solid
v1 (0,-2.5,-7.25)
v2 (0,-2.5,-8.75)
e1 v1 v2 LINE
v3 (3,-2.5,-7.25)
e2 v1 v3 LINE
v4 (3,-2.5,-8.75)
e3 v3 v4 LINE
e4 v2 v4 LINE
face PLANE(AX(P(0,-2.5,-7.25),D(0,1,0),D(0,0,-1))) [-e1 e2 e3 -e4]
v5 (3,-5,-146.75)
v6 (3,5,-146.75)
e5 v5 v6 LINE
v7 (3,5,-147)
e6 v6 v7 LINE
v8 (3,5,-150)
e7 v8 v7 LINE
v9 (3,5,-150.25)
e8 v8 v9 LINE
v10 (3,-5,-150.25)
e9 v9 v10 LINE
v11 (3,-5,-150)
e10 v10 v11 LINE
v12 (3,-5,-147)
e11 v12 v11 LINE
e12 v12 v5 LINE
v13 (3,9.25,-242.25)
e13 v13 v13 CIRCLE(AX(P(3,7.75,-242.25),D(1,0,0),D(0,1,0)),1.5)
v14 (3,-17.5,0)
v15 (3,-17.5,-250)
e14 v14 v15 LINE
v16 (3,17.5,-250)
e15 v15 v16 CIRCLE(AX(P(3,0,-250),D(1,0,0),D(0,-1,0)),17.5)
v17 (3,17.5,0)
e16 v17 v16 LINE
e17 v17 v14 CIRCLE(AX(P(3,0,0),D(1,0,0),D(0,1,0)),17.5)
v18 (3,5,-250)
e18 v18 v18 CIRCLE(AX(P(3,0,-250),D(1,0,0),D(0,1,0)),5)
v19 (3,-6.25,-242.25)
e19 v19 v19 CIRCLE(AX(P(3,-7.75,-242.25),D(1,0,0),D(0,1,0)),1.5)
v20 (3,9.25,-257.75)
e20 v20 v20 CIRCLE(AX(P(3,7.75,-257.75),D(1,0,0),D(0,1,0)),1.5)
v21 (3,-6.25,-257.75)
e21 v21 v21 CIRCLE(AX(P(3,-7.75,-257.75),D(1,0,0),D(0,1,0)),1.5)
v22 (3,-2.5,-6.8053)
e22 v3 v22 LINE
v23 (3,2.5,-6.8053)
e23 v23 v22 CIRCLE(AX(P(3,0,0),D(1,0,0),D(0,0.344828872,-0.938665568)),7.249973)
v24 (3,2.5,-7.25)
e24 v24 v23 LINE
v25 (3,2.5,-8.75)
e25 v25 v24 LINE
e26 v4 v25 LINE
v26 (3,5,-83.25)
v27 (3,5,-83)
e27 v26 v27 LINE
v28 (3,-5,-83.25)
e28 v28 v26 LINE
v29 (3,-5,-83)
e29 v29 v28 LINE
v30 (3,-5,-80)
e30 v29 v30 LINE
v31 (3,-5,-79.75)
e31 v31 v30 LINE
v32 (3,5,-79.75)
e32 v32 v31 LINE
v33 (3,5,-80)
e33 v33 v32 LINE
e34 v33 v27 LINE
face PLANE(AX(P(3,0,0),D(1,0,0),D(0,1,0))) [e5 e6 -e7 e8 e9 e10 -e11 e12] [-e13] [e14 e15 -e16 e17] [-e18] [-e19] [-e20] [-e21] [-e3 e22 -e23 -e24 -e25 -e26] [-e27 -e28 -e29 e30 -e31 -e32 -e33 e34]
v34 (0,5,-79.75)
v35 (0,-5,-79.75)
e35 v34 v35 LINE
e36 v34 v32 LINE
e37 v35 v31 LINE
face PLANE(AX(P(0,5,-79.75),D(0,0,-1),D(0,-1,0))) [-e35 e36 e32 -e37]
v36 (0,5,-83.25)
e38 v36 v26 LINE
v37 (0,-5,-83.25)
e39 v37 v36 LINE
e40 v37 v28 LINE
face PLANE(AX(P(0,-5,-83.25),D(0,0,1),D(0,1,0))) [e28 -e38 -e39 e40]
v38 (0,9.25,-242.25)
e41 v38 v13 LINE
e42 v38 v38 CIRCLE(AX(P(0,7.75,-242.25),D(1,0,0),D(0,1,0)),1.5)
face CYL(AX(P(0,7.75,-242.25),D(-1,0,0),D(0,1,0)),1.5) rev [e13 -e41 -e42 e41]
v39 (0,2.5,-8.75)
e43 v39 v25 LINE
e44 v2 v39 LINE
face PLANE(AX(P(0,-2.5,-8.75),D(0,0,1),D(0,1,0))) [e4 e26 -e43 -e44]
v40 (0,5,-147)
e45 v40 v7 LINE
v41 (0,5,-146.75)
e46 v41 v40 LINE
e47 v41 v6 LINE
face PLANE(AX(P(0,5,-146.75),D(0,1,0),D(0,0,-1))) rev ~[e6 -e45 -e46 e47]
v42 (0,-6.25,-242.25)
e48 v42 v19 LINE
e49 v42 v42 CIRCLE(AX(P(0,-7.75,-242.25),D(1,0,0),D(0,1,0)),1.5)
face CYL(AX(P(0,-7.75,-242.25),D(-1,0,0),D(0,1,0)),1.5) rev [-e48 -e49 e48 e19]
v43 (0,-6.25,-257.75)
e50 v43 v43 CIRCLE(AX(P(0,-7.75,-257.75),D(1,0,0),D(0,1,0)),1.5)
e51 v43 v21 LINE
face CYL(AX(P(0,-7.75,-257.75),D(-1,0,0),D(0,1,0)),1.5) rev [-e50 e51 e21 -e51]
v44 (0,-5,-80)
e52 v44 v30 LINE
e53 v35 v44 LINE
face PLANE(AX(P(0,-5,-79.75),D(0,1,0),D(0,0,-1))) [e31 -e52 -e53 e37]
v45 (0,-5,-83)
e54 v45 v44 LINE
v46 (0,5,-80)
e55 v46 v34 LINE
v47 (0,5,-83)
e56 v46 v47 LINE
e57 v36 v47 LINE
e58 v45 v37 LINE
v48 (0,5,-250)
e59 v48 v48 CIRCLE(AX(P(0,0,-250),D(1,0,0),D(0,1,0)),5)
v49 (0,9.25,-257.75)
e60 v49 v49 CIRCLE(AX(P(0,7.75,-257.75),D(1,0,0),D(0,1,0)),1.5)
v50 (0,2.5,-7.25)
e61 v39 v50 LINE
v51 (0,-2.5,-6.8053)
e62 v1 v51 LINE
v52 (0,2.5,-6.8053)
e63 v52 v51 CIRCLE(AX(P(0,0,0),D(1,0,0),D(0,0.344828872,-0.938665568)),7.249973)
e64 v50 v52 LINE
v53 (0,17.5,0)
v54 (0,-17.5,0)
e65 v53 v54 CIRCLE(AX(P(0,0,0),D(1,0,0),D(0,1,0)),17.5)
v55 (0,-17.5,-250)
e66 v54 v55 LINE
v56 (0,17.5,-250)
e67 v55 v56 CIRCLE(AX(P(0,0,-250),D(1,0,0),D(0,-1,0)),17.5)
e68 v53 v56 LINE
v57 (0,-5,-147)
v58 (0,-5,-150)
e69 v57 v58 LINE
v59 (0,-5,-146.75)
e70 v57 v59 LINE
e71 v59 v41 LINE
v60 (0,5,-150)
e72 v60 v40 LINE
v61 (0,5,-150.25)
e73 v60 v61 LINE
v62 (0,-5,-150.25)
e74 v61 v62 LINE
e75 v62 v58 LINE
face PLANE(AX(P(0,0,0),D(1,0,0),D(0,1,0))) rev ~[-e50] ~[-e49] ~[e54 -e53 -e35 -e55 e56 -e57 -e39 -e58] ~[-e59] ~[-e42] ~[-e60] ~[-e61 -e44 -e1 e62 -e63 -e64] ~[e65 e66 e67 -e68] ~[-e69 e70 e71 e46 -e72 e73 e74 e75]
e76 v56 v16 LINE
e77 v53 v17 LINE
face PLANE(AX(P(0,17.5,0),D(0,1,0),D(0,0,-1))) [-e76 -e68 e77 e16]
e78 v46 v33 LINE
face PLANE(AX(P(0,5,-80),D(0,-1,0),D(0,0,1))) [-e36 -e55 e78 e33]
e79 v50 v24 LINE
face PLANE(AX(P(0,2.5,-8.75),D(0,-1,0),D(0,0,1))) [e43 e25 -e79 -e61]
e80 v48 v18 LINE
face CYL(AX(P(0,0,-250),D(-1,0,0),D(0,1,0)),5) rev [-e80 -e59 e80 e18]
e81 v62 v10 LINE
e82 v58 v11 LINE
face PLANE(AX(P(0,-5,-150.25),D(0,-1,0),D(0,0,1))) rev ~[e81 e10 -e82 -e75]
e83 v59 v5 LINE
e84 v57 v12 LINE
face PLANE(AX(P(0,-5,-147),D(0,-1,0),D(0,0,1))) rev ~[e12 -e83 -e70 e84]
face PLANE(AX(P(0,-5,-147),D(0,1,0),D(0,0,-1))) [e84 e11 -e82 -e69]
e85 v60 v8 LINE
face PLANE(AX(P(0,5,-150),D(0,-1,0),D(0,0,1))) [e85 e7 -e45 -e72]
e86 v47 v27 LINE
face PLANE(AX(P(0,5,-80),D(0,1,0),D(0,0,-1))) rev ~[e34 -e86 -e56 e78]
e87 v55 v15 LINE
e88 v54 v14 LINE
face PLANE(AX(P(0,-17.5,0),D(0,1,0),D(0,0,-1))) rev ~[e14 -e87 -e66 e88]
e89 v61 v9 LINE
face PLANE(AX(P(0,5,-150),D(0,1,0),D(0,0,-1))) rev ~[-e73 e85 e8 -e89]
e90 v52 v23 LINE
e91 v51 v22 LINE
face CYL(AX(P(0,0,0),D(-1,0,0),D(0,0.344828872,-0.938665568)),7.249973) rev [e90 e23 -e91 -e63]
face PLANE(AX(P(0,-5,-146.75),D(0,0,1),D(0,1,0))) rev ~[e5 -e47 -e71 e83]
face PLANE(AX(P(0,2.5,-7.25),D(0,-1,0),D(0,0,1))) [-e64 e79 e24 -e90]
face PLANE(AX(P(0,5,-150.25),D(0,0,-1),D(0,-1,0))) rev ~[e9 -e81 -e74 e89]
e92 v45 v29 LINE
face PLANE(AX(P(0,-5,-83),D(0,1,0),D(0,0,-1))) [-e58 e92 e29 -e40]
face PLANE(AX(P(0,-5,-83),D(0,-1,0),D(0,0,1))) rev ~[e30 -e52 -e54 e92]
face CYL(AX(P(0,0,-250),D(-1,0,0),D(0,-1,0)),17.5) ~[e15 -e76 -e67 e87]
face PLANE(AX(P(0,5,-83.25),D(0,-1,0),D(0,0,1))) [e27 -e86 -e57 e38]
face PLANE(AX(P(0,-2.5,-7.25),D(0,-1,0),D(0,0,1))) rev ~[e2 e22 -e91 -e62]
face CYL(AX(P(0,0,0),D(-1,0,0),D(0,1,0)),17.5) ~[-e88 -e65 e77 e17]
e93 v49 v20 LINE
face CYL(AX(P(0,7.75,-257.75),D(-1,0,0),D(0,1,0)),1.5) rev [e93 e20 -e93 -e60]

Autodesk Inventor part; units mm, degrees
ref_plane "YZ Plane" through (0, 0, 0) normal (1, 0, 0) x (0, 1, 0)
ref_plane "XZ Plane" through (0, 0, 0) normal (0, 1, 0) x (-1, 0, 0)
ref_plane "XY Plane" through (0, 0, 0) normal (0, 0, 1) x (1, 0, 0)
sketch "Sketch1" plane through (0, 0, 0) normal (1, 0, 0) x (0, 1, 0)
  line L0 (0, 0) -> (0, -250) construction
  circle A0 centre (0, -250) radius 5
  arc A1 (0, -17.5) -> (17.5, 0) centre (0, 0) ccw construction
  arc A2 (0, -232.5) -> (-17.5, -250) centre (0, -250) ccw construction
  line L1 (17.5, 0) -> (17.5, -250)
  line L2 (-17.5, 0) -> (-17.5, -250)
  arc A3 (-17.5, 0) -> (0, -17.5) centre (0, 0) ccw construction
  arc A4 (17.5, 0) -> (-17.5, 0) centre (0, 0) ccw
  arc A5 (17.5, -250) -> (0, -232.5) centre (0, -250) ccw construction
  arc A6 (-17.5, -250) -> (17.5, -250) centre (0, -250) ccw
  line L3 (0, 0) -> (0, -80) construction
  line L4 (0, -80) -> (5, -80) construction
  line L5 (5, -80) -> (5, -83)
  line L6 (5, -83) -> (-5, -83) construction
  line L7 (-5, -83) -> (-5, -80)
  line L8 (-5, -80) -> (0, -80) construction
  line L9 (0, -250) -> (0, -150) construction
  line L10 (0, -150) -> (5, -150) construction
  line L11 (5, -150) -> (5, -147)
  line L12 (5, -147) -> (-5, -147) construction
  line L13 (-5, -147) -> (-5, -150)
  line L14 (0, -150) -> (-5, -150) construction
  line L15 (7.5, 0) -> (7.5, -6) construction
  arc A7 (0, -7.25) -> (2.5, -6.8053) centre (0, 0) ccw construction
  line L16 (0, -7.25) -> (2.5, -7.25) construction
  line L17 (2.5, -7.25) -> (-2.5, -7.25) construction
  line L18 (-2.5, -7.25) -> (-2.5, -8.75)
  line L19 (-2.5, -8.75) -> (2.5, -8.75)
  line L20 (2.5, -8.75) -> (2.5, -7.25)
  line L21 (2.5, -7.25) -> (2.5, -6.8053)
  line L22 (-2.5, -7.25) -> (-2.5, -6.8053)
  arc A8 (-2.5, -6.8053) -> (0, -7.25) centre (0, 0) ccw construction
  arc A9 (2.5, -6.8053) -> (-2.5, -6.8053) centre (0, 0) ccw
  line L23 (0, -250) -> (7.75, -250) construction
  line L24 (7.75, -250) -> (7.75, -257.75) construction
  line L25 (7.75, -257.75) -> (0, -257.75) construction
  line L26 (0, -257.75) -> (0, -250) construction
  line L27 (7.75, -257.75) -> (-7.75, -257.75) construction
  line L28 (-7.75, -257.75) -> (-7.75, -242.25) construction
  line L29 (-7.75, -242.25) -> (7.75, -242.25) construction
  line L30 (7.75, -242.25) -> (7.75, -257.75) construction
  circle A10 centre (7.75, -242.25) radius 1.5
  circle A11 centre (7.75, -257.75) radius 1.5
  circle A12 centre (-7.75, -257.75) radius 1.5
  circle A13 centre (-7.75, -242.25) radius 1.5
  line L31 (5, -80) -> (5, -79.75)
  line L32 (5, -79.75) -> (-5, -79.75)
  line L33 (-5, -79.75) -> (-5, -80)
  line L34 (-5, -83) -> (-5, -83.25)
  line L35 (-5, -83.25) -> (5, -83.25)
  line L36 (5, -83.25) -> (5, -83)
  line L37 (-5, -147) -> (-5, -146.75)
  line L38 (-5, -146.75) -> (5, -146.75)
  line L39 (5, -146.75) -> (5, -147)
  line L40 (5, -150) -> (5, -150.25)
  line L41 (5, -150.25) -> (-5, -150.25)
  line L42 (-5, -150.25) -> (-5, -150)
  dimension "d1" = 250
  dimension "d2" = 10
  dimension "d3" = 35
  dimension "d4" = 35
  dimension "d5" = 80
  dimension "d6" = 5
  dimension "d7" = 3
  dimension "d9" = 100
  dimension "d10" = 3
  dimension "d14" = 10
  dimension "d27" = 2.5
  dimension "d28" = 5
  dimension "d29" = 1.5
  dimension "d30" = 7.25
  dimension "d31" = 7.75
  dimension "d32" = 7.75
  dimension "d33" = 15.5
  dimension "d34" = 15.5
  dimension "d35" = 3
  dimension "d36" = 3
  dimension "d37" = 3
  dimension "d38" = 3
  dimension "d39" = 64
  dimension "d40" = 0.25
  dimension "d41" = 10
  dimension "d42" = 0.25
  dimension "d43" = 0.25
  dimension "d44" = 10
  dimension "d45" = 0.25
  dimension "d46" = 0.25
  dimension "d47" = 10
  dimension "d48" = 0.25
  dimension "d49" = 0.25
  dimension "d50" = 10
  dimension "d51" = 0.25
extrude "Extrusion1" add sketch "Sketch1" along normal blind 3
properties part number "brazo1" material "PMMA Plastic"
